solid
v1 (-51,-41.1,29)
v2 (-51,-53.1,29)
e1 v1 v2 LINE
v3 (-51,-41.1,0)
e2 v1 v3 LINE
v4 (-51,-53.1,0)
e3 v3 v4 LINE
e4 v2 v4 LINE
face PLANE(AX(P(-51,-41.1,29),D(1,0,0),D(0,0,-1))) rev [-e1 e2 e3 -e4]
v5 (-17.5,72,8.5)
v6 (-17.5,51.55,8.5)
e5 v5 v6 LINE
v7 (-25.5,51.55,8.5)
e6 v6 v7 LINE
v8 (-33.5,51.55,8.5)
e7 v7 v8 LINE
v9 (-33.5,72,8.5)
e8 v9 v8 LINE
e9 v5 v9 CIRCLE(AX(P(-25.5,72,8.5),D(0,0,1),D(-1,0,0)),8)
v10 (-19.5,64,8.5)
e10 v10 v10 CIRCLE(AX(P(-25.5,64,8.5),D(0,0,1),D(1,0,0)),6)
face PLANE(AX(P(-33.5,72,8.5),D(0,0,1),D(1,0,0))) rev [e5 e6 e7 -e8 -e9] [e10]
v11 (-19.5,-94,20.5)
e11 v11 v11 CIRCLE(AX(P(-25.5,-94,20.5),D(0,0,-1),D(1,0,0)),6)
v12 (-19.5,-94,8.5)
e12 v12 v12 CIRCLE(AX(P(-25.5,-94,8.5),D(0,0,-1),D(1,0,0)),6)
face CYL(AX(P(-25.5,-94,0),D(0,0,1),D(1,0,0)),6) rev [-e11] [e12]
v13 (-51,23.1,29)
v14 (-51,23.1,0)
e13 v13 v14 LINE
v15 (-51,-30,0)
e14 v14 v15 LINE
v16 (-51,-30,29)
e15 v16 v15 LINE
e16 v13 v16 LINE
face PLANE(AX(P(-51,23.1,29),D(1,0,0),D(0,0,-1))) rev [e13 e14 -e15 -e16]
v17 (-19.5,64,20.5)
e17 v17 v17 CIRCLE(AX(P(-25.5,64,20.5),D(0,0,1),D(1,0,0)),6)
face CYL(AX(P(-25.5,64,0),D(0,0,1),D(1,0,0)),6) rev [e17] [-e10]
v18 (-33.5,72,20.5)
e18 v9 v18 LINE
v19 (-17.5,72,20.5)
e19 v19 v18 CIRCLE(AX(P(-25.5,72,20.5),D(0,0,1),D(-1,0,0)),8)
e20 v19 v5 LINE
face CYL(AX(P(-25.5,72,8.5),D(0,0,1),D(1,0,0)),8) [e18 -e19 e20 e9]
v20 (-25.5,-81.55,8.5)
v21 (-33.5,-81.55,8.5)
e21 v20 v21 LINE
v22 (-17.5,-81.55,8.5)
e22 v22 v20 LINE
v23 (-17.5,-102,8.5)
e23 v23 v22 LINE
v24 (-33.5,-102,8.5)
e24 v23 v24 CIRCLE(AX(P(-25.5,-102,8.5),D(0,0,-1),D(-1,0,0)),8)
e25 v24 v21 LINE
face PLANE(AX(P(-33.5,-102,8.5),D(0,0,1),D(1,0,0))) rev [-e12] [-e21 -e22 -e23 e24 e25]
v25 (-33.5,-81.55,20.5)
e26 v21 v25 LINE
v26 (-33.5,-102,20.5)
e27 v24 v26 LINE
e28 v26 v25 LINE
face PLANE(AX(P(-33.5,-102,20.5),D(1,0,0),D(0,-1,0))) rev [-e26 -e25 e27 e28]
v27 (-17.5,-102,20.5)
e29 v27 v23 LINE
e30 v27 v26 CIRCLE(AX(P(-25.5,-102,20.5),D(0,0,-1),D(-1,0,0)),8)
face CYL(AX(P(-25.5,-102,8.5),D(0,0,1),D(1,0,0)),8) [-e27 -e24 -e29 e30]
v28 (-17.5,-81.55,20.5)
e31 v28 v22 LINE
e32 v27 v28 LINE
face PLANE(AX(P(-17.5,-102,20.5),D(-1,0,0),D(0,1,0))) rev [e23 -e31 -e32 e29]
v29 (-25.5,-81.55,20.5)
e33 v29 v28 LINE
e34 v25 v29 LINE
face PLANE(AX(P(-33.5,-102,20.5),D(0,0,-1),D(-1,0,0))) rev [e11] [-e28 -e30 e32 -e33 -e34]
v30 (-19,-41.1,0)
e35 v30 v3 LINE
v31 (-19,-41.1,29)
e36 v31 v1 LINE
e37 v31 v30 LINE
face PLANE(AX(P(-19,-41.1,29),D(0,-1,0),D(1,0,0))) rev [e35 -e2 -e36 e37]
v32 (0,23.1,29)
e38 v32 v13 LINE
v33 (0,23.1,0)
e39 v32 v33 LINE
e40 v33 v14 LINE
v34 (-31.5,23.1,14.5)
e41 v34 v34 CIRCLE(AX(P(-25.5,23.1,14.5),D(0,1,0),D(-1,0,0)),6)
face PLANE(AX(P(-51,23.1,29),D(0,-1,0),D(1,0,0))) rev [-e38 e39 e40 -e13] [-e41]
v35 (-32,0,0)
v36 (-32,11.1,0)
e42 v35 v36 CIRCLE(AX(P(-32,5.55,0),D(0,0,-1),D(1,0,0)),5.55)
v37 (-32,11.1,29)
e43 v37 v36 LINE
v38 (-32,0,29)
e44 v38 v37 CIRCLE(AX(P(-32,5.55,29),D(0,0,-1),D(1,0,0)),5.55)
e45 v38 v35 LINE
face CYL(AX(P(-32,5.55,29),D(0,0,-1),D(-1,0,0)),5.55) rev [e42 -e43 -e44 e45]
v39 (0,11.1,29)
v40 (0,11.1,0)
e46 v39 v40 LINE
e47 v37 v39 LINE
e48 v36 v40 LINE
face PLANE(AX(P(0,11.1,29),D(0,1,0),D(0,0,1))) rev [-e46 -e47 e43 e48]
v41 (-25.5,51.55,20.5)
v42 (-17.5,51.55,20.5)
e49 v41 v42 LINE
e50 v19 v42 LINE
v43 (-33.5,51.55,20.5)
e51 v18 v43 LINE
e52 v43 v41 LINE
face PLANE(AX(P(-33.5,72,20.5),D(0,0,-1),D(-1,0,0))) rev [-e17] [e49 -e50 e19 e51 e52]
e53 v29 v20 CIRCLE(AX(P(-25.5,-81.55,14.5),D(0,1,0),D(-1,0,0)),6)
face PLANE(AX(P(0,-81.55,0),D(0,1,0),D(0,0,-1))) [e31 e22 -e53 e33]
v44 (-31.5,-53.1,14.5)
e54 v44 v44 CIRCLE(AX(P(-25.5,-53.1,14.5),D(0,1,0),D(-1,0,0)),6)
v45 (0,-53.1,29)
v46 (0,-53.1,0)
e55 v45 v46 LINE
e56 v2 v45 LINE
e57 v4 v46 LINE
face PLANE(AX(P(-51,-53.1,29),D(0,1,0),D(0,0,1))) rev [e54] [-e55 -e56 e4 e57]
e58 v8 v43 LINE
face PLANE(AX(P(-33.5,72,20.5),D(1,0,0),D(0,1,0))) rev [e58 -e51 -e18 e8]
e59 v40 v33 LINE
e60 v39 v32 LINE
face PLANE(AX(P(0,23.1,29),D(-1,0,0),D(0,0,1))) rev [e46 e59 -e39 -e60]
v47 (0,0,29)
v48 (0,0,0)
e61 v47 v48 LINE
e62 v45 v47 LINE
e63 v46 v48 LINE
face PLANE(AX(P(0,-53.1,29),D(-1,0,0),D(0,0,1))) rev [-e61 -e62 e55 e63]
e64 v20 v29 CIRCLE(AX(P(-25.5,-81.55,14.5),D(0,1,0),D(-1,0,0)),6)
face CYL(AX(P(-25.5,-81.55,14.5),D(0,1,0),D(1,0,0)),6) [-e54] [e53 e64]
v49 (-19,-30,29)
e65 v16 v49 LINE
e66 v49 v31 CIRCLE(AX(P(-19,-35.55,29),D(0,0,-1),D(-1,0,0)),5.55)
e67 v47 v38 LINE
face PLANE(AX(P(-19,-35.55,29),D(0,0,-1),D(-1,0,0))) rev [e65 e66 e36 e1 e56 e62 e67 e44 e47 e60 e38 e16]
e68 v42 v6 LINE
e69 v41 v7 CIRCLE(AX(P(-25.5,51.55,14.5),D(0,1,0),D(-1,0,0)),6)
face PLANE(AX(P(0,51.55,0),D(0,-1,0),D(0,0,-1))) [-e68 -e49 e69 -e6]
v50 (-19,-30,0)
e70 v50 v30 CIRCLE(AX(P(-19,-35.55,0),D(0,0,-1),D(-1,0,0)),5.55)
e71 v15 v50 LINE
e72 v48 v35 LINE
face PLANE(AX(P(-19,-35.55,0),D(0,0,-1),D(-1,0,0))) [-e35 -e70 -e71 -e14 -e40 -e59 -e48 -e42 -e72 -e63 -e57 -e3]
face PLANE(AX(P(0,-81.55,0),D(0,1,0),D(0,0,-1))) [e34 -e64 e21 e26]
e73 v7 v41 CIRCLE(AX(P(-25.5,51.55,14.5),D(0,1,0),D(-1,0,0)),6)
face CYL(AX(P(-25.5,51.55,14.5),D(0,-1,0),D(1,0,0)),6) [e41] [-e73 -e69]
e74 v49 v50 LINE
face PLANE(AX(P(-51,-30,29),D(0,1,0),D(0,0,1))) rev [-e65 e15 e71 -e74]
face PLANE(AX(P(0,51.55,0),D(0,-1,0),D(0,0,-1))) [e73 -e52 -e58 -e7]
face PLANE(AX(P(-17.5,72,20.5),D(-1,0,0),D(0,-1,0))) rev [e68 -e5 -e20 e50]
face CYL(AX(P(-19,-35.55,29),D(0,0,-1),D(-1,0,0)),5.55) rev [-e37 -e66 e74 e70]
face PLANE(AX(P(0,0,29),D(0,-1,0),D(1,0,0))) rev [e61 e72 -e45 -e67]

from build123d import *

# Parameters (mm, degrees)
BOSS_EXTRUDE1_DEPTH = 29
SKETCH14_R          = 6
BOSS_EXTRUDE3_DEPTH = 28.45
SKETCH15_W          = 16
SKETCH15_H          = 12
BOSS_EXTRUDE4_DEPTH = 20.45
BOSS_EXTRUDE5_START = -12
BOSS_EXTRUDE5_DEPTH = 12
SKETCH17_R          = 6
CUT_EXTRUDE1_DEPTH  = 98.063123791


with BuildPart() as part:
    # Sketch1 → Boss-Extrude1 (new body)
    with BuildSketch(Plane.XY):
        with BuildLine():
            Line((-51, -30), (-19, -30))
            ThreePointArc((-19, -30), (-13.45, -35.55), (-19, -41.1))
            Line((-19, -41.1), (-51, -41.1))
            Line((-51, -41.1), (-51, -53.1))
            Line((-51, -53.1), (0, -53.1))
            Line((0, -53.1), (0, 0))
            Line((0, 0), (-32, 0))
            ThreePointArc((-32, 0), (-37.55, 5.55), (-32, 11.1))
            Line((-32, 11.1), (0, 11.1))
            Line((0, 11.1), (0, 23.1))
            Line((0, 23.1), (-51, 23.1))
            Line((-51, 23.1), (-51, -30))
        make_face()
    extrude(amount=BOSS_EXTRUDE1_DEPTH)

    # Sketch14 → Boss-Extrude3 (add)
    with BuildSketch(Plane(origin=(0, 23.1, 0), x_dir=(1, 0, 0), z_dir=(0, 1, 0))):
        with Locations(Location((-25.5, -14.5, 0), (0, 0, 180))):
            Circle(SKETCH14_R)
    boss_extrude3 = extrude(amount=BOSS_EXTRUDE3_DEPTH)

    # Sketch15 → Boss-Extrude4 (add)
    with BuildSketch(Plane(origin=(0, 51.55, 0), x_dir=(1, 0, 0), z_dir=(0, 1, 0))):
        with Locations((-25.5, -14.5)):
            Rectangle(SKETCH15_W, SKETCH15_H)
    boss_extrude4 = extrude(amount=BOSS_EXTRUDE4_DEPTH)

    # Sketch16 → Boss-Extrude5 (add)
    with BuildSketch(Plane.XY.offset(20.5).offset(BOSS_EXTRUDE5_START)):
        with BuildLine():
            Line((-17.5, 72), (-33.5, 72))
            ThreePointArc((-33.5, 72), (-25.5, 80), (-17.5, 72))
        make_face()
    boss_extrude5 = extrude(amount=BOSS_EXTRUDE5_DEPTH)

    # Sketch17 → Cut-Extrude1 (cut, through all)
    with BuildSketch(Plane.XY.offset(20.5)):
        with Locations((-25.5, 64)):
            Circle(SKETCH17_R)
    cut_extrude1 = extrude(amount=-CUT_EXTRUDE1_DEPTH, mode=Mode.SUBTRACT)

    # Mirror7: Boss-Extrude3, Boss-Extrude4, Boss-Extrude5, Cut-Extrude1 across plane
    add(boss_extrude3.mirror(Plane.ZX.offset(-15)))
    add(boss_extrude4.mirror(Plane.ZX.offset(-15)))
    add(boss_extrude5.mirror(Plane.ZX.offset(-15)))
    add(cut_extrude1.mirror(Plane.ZX.offset(-15)), mode=Mode.SUBTRACT)


solid = part.part
